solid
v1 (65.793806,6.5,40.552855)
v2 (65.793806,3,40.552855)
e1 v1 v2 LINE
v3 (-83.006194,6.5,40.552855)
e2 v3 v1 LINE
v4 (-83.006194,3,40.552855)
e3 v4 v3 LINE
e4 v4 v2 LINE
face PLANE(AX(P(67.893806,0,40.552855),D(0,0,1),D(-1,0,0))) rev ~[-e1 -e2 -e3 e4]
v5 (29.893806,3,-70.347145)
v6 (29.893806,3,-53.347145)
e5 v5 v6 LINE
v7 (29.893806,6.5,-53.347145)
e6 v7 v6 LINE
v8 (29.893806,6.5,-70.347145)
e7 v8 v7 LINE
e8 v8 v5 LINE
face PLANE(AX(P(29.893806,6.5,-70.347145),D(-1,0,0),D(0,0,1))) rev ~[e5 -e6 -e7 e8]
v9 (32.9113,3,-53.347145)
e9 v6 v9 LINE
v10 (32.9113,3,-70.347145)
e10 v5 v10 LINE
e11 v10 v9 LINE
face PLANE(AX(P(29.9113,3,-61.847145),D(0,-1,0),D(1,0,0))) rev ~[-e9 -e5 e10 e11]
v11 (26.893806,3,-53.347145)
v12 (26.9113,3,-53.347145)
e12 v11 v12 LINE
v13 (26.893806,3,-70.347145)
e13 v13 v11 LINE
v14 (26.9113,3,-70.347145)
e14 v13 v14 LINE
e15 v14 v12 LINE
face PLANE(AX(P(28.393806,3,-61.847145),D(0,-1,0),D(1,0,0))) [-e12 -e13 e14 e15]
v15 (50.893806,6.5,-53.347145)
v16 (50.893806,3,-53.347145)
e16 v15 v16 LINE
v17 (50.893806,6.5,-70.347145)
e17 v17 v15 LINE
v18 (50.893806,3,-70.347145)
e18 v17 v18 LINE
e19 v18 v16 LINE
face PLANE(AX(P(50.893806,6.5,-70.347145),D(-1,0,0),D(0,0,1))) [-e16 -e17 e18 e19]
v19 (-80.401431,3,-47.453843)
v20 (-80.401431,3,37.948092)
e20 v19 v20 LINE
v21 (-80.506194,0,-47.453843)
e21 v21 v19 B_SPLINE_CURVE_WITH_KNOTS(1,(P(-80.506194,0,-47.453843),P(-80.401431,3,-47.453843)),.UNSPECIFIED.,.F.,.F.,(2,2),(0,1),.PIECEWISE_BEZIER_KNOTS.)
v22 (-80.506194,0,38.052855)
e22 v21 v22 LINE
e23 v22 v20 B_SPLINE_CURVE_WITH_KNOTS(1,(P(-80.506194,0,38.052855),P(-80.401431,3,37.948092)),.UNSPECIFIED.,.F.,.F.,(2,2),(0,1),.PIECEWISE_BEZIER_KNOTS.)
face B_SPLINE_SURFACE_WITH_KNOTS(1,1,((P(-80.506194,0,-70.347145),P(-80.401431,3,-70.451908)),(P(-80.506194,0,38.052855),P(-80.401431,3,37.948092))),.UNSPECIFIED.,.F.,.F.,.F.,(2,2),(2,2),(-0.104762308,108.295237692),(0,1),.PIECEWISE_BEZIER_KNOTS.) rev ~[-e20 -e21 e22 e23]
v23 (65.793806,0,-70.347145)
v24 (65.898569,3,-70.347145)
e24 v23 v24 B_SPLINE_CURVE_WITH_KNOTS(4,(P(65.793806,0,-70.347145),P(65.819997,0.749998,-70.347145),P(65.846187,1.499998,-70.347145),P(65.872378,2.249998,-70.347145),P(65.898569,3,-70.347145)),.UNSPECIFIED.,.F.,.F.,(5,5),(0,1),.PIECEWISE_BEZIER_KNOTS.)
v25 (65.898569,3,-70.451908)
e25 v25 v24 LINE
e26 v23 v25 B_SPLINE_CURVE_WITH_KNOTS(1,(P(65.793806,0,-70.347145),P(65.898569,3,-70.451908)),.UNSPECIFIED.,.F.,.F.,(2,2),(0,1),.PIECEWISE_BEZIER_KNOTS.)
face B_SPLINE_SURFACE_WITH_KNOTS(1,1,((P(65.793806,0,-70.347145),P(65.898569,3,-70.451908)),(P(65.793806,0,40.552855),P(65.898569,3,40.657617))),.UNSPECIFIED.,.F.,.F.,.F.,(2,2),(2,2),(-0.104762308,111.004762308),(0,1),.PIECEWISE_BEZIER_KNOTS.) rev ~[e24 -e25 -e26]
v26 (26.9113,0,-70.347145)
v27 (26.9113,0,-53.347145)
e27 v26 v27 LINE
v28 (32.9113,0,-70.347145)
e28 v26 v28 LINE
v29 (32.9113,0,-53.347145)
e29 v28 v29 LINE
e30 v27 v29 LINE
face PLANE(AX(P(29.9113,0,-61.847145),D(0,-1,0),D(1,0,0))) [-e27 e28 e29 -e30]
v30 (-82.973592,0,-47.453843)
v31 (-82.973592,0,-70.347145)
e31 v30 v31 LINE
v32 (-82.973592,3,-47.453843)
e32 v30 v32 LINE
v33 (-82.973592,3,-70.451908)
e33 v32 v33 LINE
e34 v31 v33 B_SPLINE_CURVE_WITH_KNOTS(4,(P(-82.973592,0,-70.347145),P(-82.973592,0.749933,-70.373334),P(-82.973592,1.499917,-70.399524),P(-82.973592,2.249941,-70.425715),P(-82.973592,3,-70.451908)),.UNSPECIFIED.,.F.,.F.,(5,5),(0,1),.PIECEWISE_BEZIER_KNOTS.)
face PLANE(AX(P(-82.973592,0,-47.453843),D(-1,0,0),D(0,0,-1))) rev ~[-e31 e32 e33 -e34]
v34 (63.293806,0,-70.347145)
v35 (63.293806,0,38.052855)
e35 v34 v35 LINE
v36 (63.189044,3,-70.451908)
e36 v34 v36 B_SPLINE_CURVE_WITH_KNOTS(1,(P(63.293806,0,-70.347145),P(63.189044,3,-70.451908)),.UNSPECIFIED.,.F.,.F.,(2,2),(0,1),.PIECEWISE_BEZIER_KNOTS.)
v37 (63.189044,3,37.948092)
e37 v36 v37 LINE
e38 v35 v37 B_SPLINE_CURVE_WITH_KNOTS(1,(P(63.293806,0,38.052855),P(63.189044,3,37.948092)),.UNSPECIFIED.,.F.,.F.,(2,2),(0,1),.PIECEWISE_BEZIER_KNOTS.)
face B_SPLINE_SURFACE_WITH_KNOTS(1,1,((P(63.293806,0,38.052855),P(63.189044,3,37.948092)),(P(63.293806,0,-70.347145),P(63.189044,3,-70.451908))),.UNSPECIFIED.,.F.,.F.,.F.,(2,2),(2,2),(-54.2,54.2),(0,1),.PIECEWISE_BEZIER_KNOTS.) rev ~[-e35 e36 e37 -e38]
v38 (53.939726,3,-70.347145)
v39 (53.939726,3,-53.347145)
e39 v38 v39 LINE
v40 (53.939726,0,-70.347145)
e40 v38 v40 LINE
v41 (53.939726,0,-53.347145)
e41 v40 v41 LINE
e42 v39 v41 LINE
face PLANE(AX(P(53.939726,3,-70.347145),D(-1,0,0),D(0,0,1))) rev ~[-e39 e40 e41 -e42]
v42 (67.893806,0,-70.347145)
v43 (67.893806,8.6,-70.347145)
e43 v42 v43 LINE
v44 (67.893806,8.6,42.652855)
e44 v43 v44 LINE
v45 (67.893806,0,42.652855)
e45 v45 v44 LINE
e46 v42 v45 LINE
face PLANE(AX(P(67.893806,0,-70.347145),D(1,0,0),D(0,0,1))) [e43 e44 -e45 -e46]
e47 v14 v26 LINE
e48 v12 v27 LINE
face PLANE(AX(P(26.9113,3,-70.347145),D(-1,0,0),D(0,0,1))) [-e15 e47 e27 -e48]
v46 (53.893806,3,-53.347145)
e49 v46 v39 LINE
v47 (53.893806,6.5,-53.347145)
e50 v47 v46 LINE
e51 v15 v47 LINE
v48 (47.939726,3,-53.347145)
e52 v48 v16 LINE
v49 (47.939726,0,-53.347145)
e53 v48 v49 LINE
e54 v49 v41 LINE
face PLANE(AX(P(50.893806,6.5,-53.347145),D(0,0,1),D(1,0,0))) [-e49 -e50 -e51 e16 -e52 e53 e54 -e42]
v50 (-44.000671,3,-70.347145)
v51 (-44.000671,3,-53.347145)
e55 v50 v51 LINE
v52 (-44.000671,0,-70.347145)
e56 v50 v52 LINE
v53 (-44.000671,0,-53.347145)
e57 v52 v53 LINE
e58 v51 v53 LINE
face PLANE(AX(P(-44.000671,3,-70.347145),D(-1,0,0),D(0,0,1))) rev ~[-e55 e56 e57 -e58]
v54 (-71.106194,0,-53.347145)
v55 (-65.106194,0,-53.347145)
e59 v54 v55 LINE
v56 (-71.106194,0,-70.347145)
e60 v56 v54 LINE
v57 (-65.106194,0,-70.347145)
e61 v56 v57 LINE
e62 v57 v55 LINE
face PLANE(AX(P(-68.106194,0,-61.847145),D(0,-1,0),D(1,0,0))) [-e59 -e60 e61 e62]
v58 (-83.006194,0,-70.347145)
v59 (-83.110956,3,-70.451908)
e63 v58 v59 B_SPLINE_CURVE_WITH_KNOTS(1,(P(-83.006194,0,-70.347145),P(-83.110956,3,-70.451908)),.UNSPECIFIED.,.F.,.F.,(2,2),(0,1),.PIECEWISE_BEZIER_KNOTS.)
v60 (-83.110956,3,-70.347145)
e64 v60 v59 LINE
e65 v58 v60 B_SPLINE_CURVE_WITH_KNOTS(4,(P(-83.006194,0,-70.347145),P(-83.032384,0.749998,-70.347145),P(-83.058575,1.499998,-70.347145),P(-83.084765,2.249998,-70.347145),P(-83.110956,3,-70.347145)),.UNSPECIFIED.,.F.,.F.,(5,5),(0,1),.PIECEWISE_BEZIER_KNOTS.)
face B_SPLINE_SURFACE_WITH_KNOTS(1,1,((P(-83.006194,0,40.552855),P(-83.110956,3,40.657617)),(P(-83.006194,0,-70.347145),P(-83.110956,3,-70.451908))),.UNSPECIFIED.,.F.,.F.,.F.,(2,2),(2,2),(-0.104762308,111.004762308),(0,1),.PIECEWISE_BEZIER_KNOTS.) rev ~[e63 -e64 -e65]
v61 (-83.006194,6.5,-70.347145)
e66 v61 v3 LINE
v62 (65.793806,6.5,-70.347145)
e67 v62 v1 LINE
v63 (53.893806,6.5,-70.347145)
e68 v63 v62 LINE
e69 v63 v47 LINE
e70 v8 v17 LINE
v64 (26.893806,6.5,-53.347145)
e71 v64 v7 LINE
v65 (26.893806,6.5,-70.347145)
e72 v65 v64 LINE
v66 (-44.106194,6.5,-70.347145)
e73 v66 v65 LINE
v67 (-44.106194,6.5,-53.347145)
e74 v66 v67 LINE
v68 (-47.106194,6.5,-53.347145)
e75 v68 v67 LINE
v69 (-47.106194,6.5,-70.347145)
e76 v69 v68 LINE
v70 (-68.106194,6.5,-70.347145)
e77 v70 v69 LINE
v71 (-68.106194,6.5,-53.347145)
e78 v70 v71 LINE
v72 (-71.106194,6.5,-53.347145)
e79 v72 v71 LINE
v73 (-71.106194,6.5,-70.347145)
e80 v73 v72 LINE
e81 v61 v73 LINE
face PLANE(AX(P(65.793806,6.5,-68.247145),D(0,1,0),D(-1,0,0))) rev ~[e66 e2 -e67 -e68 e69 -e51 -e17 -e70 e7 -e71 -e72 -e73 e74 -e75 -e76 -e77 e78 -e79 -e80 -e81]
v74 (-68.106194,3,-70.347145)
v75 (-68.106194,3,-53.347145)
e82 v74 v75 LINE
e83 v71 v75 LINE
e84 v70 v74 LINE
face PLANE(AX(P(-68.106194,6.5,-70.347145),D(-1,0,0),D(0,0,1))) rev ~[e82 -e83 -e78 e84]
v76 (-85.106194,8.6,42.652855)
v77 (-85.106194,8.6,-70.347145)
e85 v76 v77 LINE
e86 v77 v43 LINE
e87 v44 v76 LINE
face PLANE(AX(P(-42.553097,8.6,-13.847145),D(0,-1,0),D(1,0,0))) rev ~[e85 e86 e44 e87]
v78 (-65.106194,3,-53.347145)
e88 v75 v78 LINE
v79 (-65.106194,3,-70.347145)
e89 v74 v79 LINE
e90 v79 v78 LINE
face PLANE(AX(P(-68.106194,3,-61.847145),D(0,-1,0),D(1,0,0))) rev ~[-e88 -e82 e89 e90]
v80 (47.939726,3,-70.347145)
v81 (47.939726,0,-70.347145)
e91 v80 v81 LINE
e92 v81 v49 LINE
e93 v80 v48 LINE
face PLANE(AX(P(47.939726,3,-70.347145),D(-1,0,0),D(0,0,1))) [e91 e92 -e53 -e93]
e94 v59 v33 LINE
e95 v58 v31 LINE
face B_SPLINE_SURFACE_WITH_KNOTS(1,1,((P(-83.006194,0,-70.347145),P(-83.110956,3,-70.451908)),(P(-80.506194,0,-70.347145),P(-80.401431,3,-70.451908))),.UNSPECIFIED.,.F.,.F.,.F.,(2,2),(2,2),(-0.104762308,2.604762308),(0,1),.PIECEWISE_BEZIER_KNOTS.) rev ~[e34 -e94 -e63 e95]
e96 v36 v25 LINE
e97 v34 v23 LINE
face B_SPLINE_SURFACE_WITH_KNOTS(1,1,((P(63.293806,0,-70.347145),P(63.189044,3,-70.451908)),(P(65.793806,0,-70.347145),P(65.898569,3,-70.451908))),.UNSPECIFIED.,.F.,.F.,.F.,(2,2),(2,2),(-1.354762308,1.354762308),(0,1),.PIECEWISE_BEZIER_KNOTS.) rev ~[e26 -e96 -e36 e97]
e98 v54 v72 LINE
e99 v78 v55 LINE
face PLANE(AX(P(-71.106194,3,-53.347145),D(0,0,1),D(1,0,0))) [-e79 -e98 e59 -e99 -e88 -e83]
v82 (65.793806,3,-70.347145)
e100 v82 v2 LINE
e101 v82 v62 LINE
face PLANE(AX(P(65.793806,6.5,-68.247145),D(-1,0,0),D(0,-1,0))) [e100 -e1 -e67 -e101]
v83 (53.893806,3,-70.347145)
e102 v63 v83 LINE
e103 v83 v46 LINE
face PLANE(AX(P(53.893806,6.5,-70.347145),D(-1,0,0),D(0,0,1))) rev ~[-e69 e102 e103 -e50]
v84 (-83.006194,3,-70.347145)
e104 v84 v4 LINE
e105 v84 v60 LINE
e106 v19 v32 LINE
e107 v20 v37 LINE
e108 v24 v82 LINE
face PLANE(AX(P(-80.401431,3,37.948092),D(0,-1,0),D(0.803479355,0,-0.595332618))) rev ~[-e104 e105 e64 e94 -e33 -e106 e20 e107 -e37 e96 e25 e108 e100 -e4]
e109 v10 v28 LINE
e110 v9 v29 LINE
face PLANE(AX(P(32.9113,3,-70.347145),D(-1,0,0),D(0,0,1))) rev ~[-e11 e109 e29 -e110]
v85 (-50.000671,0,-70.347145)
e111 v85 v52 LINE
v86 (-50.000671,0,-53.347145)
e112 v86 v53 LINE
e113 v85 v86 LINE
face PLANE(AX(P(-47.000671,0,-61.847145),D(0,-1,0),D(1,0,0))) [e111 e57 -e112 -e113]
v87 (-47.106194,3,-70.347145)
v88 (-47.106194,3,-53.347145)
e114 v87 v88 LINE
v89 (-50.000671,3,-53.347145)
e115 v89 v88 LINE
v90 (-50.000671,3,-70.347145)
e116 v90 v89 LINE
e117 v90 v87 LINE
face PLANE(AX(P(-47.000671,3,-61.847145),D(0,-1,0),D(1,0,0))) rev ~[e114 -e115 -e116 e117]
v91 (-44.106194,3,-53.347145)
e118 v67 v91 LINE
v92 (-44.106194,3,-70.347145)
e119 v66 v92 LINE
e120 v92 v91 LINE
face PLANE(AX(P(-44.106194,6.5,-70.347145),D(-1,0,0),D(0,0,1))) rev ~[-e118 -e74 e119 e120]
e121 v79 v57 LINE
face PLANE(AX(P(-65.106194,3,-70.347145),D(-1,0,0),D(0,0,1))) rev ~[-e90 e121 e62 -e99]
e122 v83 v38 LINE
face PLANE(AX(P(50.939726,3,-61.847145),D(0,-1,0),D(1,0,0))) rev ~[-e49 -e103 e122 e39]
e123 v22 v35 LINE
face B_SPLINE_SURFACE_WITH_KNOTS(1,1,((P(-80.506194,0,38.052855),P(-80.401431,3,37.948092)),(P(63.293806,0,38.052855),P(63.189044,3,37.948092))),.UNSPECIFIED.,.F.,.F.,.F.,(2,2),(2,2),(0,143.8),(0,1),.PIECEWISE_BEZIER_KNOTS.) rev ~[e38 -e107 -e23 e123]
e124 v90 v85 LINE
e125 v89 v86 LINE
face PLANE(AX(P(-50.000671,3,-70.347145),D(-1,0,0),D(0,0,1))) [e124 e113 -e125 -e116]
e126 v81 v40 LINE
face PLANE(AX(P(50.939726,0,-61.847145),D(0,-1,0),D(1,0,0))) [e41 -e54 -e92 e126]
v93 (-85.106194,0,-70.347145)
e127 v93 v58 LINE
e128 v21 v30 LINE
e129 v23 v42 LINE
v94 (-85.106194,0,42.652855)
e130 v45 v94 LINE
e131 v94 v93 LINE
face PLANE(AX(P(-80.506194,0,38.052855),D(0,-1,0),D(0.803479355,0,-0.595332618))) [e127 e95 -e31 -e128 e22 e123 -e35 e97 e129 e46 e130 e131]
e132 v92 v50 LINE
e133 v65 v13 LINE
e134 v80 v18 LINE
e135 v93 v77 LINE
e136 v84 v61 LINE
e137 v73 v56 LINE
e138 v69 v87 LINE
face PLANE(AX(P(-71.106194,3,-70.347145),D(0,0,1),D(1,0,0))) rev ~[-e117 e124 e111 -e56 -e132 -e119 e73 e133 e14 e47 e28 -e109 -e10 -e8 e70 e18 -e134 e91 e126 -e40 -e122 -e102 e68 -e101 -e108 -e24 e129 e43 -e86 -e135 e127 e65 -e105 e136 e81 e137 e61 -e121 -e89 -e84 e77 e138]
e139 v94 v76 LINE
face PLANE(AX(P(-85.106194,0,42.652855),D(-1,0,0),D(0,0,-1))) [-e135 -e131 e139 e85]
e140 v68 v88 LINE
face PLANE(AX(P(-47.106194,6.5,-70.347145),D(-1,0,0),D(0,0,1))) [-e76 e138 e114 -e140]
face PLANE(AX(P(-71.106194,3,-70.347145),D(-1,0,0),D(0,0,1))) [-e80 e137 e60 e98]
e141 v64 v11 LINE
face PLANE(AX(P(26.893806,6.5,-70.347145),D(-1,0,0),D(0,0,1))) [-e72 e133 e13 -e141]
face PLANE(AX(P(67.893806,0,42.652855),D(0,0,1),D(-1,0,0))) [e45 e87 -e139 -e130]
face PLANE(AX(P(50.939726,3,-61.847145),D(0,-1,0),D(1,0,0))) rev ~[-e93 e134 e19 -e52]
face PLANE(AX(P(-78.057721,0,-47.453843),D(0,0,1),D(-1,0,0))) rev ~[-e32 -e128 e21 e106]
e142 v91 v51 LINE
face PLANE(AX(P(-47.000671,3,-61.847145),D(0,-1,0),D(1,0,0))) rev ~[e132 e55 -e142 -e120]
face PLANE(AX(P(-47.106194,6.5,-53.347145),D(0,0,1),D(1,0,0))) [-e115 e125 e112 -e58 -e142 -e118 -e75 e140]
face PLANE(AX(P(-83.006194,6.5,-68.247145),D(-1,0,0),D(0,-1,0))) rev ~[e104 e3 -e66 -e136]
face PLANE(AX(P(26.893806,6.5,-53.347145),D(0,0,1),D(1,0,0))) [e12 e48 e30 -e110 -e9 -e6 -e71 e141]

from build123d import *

# Parameters (mm, degrees)
F1_DEPTH  = 8.6
F2_T      = -2.1
F3_DEPTH  = 25
F4_W      = 2.5
F4_H      = 108.4
F5_DEPTH  = 3
F5_TAPER  = -2
F6_W      = 3
F6_H      = 17
F7_DEPTH  = 3.5
F8_W      = 6
F8_H      = 17
F9_DEPTH  = 3
F10_W     = 2.4673982024
F10_H     = 22.8933023606
F11_DEPTH = 4


with BuildPart() as f1:
    # F0 (on Front) → F1 (new body)
    with BuildSketch(Plane.XZ):
        Polygon((0, 42.6528545822), (-85.1061937809, 42.6528545822), (-85.1061937809, -70.3471454178), (-68.1061937809, -70.3471454178), (-65.1061937809, -70.3471454178), (-44.1061937809, -70.3471454178), (-41.1061937809, -70.3471454178), (0, -70.3471454178), align=None)
        Polygon((67.8938062191, 42.6528545822), (0, 42.6528545822), (0, -70.3471454178), (23.8938062191, -70.3471454178), (26.8938062191, -70.3471454178), (47.8938062191, -70.3471454178), (50.8938062191, -70.3471454178), (67.8938062191, -70.3471454178), align=None)
    extrude(amount=-F1_DEPTH)

    # F2
    f2_openings = [f1.faces().sort_by_distance(p)[0] for p in [
        (-8.606194, 0, -13.847145),
    ]]
    offset(amount=F2_T, openings=f2_openings)

    # F3 (cut): a face of the model
    f3_faces = [f1.faces().sort_by_distance(p)[0] for p in [
        (-8.6061937809, 3.25, -68.2471454178),
    ]]
    extrude(f3_faces, amount=-F3_DEPTH, mode=Mode.SUBTRACT)

    # F4 (on face) → F5 (join)
    with BuildSketch(Plane.XZ):
        Polygon((-80.5061937809, 40.5528545822), (-80.5061937809, 38.0528545822), (63.2938062191, 38.0528545822), (65.7938062191, 38.0528545822), (65.7938062191, 40.5528545822), align=None)
        Polygon((-83.0061937809, 40.5528545822), (-83.0061937809, -70.3471454178), (-80.5061937809, -70.3471454178), (-80.5061937809, 38.0528545822), (-80.5061937809, 40.5528545822), align=None)
        with Locations((64.5438062191, -16.1471454178)):
            Rectangle(F4_W, F4_H)
    extrude(amount=-F5_DEPTH, taper=F5_TAPER)

    # F6 (on face) → F7 (join)
    with BuildSketch(Plane.XZ.offset(-6.5)):
        with Locations((-69.6061937809, -61.8471454178)):
            Rectangle(F6_W, F6_H)
        with Locations((-45.6061937809, -61.8471454178)):
            Rectangle(F6_W, F6_H)
        with Locations((28.3938062191, -61.8471454178)):
            Rectangle(F6_W, F6_H)
        with Locations((52.3938062191, -61.8471454178)):
            Rectangle(F6_W, F6_H)
    extrude(amount=F7_DEPTH)

    # F8 (on face) → F9 (join)
    with BuildSketch(Plane.XZ.offset(-3)):
        with Locations((-68.1061937809, -61.8471454178)):
            Rectangle(F8_W, F8_H)
        with Locations((-47.0006712973, -61.8471454178)):
            Rectangle(F8_W, F8_H)
        with Locations((29.9112996757, -61.8471454178)):
            Rectangle(F8_W, F8_H)
        with Locations((50.9397262037, -61.8471454178)):
            Rectangle(F8_W, F8_H)
    extrude(amount=F9_DEPTH)

    # F10 (on face) → F11 (cut)
    with BuildSketch(Plane.XZ):
        with Locations((-81.7398928821, -58.9004942375)):
            Rectangle(F10_W, F10_H)
        Polygon((-82.9735919833, -73.1144845486), (-78.0577212572, -73.1144845486), (-78.0577212572, -47.4538430572), (-80.5061937809, -47.4538430572), (-80.5061937809, -70.3471454178), (-82.9735919833, -70.3471454178), align=None)
    extrude(amount=-F11_DEPTH, mode=Mode.SUBTRACT)


solid = f1.part
